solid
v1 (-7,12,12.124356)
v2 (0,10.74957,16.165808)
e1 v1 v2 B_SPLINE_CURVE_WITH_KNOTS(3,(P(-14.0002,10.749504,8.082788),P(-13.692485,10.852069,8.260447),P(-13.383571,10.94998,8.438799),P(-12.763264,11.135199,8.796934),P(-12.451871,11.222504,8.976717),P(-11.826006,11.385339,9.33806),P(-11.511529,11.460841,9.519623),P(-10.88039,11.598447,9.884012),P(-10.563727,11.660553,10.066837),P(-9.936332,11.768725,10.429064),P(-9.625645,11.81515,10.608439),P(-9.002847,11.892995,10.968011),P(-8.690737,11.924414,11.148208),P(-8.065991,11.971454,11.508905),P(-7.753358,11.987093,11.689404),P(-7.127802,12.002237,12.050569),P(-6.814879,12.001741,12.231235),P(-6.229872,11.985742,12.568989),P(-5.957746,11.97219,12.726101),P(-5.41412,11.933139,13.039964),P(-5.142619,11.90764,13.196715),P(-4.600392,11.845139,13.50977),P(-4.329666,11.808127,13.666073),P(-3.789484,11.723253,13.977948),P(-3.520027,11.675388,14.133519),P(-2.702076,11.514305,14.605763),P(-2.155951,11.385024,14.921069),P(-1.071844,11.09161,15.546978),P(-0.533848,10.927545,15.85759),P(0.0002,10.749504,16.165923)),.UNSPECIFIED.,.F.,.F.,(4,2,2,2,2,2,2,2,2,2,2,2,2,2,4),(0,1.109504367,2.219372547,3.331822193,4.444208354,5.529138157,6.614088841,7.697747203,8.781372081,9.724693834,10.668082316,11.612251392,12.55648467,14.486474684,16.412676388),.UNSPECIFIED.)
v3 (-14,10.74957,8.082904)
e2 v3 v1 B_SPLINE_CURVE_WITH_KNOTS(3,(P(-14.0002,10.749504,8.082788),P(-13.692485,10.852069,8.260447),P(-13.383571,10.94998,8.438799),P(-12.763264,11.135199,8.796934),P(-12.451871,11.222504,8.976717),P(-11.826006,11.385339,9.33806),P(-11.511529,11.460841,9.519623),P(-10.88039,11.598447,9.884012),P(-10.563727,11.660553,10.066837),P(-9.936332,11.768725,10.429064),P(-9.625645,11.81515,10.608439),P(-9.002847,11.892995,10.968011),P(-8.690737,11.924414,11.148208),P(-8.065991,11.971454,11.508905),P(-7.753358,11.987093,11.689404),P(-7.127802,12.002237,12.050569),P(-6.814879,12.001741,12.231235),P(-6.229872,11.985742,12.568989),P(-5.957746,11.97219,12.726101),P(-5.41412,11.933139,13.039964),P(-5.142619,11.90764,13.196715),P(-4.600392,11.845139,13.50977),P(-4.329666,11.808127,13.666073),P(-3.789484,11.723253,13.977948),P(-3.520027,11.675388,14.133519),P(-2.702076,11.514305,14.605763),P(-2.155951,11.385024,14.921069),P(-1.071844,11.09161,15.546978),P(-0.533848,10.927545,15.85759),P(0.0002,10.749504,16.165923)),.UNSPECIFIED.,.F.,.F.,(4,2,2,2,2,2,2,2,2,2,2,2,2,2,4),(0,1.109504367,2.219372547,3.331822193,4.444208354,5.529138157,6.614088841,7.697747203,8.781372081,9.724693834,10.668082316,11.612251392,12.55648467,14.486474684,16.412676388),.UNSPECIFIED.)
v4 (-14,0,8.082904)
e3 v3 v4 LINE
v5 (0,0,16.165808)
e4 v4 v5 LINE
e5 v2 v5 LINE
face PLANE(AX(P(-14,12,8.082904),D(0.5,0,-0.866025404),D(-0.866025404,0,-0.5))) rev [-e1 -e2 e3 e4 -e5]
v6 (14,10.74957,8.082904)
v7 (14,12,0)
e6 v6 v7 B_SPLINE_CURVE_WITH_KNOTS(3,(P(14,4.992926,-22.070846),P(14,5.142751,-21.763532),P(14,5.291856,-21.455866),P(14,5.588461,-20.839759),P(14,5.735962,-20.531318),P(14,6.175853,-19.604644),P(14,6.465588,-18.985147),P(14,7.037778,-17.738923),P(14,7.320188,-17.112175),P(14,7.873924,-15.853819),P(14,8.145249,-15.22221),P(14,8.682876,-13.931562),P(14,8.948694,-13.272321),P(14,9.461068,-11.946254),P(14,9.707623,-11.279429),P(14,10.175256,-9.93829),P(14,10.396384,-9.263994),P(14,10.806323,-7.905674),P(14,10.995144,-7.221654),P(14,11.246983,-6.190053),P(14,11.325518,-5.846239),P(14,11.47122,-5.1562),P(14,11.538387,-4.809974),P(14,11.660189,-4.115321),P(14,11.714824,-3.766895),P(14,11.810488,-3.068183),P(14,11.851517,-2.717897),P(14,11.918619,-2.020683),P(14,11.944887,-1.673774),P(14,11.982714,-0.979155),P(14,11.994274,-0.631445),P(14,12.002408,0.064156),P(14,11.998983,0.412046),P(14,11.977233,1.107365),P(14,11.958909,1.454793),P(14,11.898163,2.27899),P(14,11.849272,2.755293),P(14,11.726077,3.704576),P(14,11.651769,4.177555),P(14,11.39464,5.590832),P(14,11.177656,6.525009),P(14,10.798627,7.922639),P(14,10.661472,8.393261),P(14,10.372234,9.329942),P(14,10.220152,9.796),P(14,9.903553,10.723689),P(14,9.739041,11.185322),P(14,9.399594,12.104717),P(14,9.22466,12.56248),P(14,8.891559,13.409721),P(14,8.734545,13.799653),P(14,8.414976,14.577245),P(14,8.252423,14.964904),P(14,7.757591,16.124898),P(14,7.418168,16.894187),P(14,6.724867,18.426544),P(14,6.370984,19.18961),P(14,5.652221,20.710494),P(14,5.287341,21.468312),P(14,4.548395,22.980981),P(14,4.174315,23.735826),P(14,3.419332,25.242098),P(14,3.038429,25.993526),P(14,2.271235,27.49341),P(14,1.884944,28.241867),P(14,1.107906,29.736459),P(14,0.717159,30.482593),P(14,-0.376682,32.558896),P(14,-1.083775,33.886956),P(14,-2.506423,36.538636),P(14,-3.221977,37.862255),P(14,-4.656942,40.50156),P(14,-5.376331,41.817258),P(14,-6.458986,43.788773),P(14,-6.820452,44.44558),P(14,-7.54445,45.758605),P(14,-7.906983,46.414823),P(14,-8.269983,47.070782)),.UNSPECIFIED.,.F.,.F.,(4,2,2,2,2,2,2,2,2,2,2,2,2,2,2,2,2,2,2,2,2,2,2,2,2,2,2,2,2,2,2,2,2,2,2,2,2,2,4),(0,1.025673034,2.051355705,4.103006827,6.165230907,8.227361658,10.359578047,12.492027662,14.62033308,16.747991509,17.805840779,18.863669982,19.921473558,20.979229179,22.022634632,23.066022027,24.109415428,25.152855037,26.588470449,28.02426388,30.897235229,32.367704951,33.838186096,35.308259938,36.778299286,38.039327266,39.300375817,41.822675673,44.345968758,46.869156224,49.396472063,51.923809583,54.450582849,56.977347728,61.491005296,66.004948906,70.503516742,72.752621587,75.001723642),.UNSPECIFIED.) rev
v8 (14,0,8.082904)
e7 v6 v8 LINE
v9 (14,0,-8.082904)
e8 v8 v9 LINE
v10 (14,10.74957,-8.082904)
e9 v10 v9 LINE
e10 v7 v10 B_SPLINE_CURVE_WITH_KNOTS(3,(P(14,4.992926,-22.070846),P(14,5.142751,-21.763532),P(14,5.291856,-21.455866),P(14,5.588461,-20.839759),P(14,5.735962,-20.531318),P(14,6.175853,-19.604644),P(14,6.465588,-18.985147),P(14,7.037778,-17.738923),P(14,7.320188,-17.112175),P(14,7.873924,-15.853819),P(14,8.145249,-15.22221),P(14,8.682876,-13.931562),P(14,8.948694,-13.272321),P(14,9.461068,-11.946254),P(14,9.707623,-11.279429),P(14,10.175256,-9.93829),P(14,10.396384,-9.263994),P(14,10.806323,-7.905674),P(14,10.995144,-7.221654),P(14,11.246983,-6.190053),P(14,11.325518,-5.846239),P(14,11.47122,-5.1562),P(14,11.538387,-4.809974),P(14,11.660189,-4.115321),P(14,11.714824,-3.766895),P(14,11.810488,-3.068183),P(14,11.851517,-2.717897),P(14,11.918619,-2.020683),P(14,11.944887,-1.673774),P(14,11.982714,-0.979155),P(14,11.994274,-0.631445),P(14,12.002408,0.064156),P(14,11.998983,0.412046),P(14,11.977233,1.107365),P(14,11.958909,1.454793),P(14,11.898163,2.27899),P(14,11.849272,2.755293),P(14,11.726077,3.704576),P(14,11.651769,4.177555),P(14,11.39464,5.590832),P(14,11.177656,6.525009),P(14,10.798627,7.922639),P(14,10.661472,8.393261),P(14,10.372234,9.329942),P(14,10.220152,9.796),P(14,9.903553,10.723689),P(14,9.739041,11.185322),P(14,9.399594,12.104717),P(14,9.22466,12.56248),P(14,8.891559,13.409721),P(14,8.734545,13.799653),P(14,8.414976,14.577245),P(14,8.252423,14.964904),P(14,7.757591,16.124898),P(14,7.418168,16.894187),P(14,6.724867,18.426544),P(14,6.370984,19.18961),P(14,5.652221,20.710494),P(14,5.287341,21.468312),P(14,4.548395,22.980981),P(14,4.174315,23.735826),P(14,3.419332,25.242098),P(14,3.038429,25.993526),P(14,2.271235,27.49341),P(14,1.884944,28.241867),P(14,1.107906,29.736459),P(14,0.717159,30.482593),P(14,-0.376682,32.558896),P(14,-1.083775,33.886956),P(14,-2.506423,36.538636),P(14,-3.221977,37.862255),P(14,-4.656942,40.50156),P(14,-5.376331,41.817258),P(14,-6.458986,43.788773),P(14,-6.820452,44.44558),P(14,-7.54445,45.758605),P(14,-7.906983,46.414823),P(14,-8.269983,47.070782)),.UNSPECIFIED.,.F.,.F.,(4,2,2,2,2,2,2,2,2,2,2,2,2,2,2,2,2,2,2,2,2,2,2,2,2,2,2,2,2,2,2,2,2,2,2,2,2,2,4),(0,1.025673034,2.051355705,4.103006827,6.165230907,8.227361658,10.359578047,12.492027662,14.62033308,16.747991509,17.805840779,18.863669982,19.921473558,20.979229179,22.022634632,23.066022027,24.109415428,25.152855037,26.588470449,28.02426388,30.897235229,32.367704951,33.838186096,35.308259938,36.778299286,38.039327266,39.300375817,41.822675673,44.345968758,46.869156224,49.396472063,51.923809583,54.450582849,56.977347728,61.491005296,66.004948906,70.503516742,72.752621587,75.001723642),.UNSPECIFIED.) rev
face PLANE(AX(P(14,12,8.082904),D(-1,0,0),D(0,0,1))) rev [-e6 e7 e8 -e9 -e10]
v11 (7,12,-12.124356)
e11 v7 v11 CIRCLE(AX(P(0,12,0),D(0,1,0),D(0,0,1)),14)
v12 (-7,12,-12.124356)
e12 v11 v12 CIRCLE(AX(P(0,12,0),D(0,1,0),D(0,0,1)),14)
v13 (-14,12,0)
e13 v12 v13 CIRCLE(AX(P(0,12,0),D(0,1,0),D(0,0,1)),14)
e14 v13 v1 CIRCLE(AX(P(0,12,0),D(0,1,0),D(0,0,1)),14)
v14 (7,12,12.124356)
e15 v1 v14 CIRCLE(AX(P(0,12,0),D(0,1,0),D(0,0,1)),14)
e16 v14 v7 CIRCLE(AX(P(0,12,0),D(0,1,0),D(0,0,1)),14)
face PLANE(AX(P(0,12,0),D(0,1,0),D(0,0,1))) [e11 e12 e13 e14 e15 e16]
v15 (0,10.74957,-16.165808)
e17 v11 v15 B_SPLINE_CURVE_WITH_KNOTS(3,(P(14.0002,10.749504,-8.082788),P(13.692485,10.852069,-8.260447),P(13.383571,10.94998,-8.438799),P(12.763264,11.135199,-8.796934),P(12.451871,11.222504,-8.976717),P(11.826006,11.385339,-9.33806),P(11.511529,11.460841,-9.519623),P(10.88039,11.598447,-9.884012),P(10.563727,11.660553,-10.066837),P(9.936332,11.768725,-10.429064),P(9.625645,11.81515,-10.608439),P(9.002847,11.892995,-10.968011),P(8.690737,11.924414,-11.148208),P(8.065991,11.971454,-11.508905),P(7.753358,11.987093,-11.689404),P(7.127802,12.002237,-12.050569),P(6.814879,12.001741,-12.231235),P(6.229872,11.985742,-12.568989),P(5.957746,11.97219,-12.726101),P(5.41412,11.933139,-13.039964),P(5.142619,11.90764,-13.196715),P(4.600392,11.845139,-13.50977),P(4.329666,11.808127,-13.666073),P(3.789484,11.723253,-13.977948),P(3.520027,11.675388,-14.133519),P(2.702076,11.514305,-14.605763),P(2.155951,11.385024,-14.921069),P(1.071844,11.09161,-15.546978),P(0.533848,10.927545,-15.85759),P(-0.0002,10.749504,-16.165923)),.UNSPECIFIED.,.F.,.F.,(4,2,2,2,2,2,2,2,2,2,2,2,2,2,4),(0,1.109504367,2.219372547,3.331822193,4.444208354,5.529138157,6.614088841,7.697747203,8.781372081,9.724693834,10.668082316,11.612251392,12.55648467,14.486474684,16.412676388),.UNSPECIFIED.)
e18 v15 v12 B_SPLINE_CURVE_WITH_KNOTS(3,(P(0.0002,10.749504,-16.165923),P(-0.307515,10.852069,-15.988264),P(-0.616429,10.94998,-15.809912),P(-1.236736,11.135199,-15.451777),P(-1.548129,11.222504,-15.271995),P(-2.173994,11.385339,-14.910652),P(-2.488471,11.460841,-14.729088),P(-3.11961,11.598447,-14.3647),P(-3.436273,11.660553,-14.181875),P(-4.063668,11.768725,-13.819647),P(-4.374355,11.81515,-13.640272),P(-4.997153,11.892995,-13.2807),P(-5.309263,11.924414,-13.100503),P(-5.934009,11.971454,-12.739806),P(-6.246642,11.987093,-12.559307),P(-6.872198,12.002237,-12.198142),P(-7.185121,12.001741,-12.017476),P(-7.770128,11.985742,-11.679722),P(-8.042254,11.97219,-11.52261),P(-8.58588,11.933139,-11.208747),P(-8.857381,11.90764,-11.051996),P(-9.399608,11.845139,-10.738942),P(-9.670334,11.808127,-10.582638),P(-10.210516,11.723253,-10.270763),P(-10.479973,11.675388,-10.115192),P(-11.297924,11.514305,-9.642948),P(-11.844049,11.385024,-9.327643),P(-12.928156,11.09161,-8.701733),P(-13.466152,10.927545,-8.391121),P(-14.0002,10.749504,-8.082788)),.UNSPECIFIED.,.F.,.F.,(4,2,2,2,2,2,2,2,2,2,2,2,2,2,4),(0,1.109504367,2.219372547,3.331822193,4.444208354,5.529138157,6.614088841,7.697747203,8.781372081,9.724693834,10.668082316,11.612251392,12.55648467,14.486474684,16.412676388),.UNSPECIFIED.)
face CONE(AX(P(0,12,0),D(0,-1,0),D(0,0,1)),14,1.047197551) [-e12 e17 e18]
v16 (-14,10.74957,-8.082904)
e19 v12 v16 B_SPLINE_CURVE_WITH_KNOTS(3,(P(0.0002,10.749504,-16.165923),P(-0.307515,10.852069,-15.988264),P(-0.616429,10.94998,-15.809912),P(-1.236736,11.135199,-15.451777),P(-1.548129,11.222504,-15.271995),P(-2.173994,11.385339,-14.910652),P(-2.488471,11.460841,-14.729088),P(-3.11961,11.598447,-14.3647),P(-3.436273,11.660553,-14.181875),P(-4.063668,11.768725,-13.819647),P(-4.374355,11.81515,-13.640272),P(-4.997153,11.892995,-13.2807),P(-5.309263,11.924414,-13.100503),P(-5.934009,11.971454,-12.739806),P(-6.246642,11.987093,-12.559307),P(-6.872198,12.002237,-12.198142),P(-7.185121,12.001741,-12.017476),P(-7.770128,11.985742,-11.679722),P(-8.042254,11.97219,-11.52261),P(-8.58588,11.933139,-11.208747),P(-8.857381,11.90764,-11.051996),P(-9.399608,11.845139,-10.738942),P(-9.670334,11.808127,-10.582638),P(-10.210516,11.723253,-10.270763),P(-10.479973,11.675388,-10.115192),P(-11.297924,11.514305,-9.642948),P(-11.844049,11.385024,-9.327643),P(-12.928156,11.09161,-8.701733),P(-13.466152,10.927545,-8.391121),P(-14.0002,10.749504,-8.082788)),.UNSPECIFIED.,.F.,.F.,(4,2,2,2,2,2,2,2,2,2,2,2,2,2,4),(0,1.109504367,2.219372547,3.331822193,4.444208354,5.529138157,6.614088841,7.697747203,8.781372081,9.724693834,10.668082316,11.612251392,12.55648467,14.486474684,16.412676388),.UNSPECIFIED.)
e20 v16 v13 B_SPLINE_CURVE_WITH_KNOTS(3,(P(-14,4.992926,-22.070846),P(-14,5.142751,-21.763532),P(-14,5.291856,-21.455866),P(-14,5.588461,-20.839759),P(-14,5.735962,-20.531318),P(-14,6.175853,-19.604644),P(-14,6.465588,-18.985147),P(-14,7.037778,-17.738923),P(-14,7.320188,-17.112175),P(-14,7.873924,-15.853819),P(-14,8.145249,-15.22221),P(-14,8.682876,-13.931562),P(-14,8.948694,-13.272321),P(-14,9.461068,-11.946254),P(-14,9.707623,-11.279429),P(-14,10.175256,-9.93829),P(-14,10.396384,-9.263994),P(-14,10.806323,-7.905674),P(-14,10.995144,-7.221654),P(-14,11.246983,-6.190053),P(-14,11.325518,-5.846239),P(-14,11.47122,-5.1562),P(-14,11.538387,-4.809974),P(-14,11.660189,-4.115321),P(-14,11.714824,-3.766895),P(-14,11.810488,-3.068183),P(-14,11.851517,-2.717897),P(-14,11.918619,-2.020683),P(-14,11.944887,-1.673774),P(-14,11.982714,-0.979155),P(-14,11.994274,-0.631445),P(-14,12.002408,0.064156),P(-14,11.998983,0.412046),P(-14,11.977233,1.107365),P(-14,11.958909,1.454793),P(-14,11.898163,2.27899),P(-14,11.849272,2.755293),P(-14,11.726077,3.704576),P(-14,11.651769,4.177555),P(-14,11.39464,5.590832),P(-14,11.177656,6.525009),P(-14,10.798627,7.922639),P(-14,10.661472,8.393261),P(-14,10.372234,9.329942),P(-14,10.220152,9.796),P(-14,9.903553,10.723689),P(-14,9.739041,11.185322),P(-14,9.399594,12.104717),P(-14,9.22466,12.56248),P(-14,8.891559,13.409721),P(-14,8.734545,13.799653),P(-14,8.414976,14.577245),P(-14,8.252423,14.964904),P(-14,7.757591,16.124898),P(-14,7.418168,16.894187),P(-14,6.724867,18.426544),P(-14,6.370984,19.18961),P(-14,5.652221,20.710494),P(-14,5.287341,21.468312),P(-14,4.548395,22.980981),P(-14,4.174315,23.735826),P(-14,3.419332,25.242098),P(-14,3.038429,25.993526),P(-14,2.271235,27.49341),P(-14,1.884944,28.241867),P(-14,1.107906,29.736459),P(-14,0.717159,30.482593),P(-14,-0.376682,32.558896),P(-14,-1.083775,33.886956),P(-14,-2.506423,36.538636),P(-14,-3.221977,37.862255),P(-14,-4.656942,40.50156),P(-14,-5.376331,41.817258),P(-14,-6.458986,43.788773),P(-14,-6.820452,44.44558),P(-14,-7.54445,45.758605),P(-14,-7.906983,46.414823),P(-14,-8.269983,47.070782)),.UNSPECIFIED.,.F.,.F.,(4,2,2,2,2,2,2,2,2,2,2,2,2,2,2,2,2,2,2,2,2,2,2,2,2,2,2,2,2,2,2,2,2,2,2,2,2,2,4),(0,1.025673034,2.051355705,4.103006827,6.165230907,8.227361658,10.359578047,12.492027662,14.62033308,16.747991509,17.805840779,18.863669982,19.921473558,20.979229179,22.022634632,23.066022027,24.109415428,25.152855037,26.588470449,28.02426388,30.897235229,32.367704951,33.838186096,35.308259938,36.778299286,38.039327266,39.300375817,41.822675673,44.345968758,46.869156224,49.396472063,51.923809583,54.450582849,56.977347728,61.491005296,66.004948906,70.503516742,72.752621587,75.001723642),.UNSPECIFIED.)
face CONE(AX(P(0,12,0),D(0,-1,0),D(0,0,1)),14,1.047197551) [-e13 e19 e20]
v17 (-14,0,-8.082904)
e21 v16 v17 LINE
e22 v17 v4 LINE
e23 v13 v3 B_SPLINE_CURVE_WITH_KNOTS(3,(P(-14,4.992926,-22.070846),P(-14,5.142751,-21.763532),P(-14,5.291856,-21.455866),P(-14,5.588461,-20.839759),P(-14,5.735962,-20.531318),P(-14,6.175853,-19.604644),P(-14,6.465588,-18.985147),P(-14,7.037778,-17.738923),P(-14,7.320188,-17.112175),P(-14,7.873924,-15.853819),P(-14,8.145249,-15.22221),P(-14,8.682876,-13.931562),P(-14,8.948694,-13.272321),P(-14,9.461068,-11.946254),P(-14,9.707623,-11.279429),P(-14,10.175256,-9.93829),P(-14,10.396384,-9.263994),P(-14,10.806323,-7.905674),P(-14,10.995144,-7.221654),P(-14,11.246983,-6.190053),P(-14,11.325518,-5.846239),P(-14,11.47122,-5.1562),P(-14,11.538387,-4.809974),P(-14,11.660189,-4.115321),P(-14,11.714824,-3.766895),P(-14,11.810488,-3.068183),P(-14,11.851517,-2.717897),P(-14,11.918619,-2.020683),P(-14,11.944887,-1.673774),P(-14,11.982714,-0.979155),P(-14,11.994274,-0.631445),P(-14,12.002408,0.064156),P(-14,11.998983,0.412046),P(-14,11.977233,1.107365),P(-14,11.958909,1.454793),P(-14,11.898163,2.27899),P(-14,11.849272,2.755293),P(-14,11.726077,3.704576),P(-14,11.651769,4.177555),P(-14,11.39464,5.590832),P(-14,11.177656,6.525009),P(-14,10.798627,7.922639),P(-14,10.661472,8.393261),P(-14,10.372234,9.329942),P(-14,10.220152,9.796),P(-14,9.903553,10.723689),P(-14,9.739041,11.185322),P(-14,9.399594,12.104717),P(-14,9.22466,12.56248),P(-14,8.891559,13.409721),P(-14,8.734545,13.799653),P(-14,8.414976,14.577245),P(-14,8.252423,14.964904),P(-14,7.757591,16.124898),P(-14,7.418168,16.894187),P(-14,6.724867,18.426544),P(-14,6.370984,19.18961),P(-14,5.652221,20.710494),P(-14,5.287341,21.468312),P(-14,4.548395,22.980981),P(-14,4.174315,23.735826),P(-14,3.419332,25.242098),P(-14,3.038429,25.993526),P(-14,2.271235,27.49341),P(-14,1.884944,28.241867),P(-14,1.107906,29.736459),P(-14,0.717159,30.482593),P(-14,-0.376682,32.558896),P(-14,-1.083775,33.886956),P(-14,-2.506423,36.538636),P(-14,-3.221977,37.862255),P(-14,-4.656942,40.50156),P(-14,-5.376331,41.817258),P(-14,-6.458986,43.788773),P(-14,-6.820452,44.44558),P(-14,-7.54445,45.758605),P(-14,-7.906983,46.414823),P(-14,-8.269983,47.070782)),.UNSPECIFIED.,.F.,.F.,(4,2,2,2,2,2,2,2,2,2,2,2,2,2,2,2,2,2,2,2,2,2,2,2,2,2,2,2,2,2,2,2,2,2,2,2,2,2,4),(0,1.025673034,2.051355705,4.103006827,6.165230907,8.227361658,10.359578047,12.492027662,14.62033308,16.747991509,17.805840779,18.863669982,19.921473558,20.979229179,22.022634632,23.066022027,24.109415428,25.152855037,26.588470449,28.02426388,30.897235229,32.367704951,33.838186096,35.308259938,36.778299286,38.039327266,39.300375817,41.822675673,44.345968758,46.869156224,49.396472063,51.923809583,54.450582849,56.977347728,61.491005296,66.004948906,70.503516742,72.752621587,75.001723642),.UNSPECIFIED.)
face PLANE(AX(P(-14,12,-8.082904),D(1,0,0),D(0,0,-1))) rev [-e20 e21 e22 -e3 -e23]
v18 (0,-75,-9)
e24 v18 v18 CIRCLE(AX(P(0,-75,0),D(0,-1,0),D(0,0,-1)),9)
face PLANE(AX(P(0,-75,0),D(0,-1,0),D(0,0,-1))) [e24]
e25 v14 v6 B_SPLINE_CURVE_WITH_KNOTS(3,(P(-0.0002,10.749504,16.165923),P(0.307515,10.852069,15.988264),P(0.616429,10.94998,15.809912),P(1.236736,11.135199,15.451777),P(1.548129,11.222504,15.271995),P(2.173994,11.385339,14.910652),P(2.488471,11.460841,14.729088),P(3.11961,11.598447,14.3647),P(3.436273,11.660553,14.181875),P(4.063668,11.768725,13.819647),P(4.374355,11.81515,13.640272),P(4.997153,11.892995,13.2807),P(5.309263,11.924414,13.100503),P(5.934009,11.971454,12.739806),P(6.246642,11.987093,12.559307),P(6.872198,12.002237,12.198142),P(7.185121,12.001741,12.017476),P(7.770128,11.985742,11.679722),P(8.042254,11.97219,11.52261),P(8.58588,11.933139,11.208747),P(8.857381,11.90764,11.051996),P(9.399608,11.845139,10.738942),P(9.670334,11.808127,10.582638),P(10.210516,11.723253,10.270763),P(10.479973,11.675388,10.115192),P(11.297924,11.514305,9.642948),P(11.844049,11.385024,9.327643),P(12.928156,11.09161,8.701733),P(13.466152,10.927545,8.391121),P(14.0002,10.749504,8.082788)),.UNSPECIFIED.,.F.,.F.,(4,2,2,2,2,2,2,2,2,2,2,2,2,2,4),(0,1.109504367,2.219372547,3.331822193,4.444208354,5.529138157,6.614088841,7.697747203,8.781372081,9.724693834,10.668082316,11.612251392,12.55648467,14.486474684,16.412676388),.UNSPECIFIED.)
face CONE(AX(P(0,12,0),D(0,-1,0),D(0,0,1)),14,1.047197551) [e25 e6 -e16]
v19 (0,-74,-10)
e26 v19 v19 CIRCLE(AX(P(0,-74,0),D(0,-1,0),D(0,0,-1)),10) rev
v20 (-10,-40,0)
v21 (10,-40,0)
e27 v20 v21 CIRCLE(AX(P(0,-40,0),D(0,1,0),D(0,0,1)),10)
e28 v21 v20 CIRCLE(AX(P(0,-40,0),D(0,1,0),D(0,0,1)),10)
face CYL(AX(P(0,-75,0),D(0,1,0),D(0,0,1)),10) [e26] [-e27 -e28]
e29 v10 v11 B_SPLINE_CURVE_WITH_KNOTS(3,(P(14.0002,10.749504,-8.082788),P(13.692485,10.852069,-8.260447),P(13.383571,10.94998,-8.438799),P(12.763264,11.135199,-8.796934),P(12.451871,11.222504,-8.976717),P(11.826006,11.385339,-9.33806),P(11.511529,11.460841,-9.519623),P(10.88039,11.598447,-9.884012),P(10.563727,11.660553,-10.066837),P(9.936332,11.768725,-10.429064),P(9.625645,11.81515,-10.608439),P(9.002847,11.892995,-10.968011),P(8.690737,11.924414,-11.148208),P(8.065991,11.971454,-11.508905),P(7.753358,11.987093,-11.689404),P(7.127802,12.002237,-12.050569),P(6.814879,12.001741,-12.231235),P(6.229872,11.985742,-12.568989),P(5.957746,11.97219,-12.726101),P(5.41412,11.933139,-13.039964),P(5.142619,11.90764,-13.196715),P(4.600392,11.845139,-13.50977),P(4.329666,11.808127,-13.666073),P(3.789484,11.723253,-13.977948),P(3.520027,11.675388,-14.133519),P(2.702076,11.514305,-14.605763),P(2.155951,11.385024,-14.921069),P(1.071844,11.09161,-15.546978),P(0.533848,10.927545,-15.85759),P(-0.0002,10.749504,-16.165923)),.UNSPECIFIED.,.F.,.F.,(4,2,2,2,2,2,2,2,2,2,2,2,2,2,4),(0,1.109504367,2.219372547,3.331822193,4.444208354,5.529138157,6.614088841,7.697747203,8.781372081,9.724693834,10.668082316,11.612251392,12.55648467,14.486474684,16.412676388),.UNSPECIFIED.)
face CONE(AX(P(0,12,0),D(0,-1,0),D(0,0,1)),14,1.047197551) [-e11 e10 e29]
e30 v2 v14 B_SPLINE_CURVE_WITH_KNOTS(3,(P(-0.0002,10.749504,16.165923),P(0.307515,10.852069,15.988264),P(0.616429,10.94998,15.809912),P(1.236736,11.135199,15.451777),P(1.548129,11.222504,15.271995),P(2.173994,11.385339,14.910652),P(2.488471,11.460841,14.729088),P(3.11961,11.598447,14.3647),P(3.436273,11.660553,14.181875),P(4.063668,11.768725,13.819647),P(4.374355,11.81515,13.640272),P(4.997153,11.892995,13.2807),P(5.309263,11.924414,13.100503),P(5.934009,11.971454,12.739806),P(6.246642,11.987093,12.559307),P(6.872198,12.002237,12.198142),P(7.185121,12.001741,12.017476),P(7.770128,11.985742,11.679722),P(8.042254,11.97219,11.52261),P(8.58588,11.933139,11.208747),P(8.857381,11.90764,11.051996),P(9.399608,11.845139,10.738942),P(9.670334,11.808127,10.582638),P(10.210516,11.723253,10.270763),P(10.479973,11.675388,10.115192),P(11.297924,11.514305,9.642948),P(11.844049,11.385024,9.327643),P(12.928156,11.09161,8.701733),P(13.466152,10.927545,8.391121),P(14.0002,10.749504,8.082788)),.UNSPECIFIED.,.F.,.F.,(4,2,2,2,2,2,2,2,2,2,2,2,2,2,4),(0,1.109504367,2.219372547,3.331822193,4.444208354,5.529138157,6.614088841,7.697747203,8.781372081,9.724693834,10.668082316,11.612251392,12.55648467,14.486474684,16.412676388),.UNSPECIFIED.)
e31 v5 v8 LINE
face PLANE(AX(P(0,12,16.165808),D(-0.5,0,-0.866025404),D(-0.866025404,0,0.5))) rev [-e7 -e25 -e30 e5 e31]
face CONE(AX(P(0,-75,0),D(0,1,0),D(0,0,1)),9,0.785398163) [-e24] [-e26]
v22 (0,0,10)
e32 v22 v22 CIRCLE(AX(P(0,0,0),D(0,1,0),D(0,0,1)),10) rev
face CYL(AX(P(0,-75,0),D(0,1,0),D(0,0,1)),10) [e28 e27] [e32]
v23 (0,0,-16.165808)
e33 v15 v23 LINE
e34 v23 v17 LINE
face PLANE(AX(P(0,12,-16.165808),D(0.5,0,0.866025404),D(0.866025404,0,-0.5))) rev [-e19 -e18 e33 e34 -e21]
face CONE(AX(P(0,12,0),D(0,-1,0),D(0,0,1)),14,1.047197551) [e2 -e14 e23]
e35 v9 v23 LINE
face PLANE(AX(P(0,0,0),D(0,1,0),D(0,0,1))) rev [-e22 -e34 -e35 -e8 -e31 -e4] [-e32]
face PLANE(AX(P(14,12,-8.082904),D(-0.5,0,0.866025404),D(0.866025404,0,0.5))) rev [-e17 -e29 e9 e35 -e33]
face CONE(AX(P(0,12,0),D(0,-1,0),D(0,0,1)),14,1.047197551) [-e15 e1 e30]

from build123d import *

# Parameters (mm, degrees)
BOSS_EXTRUDE1_DEPTH = 12
SKETCH2_OUTSIDE_W   = 80.454
SKETCH2_OUTSIDE_H   = 84.786
SKETCH2_OUTSIDE_R   = 14
CUT_EXTRUDE1_DEPTH  = 12
CUT_EXTRUDE1_TAPER  = 60
SKETCH3_R           = 10
BOSS_EXTRUDE2_DEPTH = 75
CHAMFER1_SIZE       = 1


with BuildPart() as part:
    # Sketch1 → Boss-Extrude1 (new body)
    with BuildSketch(Plane(origin=(0, 0, 0), x_dir=(1, 0, 0), z_dir=(0, 1, 0))):
        Polygon((14, 8.082903769), (0, 16.165807537), (-14, 8.082903769), (-14, -8.082903769), (0, -16.165807537), (14, -8.082903769), align=None)
    extrude(amount=BOSS_EXTRUDE1_DEPTH)

    # Sketch2 outside → Cut-Extrude1 (cut)
    with BuildSketch(Plane(origin=(0, 12, 0), x_dir=(1, 0, 0), z_dir=(0, 1, 0))):
        Rectangle(SKETCH2_OUTSIDE_W, SKETCH2_OUTSIDE_H)
        Circle(SKETCH2_OUTSIDE_R, mode=Mode.SUBTRACT)
    extrude(amount=-CUT_EXTRUDE1_DEPTH, taper=CUT_EXTRUDE1_TAPER, mode=Mode.SUBTRACT)

    # Sketch3 → Boss-Extrude2 (add)
    with BuildSketch(Plane.XZ):
        Circle(SKETCH3_R)
    extrude(amount=BOSS_EXTRUDE2_DEPTH)

    # Chamfer1
    chamfer1_edges = [part.edges().sort_by_distance(p)[0] for p in [
        (-10, -75, 0),
    ]]
    chamfer(chamfer1_edges, length=CHAMFER1_SIZE)


solid = part.part
